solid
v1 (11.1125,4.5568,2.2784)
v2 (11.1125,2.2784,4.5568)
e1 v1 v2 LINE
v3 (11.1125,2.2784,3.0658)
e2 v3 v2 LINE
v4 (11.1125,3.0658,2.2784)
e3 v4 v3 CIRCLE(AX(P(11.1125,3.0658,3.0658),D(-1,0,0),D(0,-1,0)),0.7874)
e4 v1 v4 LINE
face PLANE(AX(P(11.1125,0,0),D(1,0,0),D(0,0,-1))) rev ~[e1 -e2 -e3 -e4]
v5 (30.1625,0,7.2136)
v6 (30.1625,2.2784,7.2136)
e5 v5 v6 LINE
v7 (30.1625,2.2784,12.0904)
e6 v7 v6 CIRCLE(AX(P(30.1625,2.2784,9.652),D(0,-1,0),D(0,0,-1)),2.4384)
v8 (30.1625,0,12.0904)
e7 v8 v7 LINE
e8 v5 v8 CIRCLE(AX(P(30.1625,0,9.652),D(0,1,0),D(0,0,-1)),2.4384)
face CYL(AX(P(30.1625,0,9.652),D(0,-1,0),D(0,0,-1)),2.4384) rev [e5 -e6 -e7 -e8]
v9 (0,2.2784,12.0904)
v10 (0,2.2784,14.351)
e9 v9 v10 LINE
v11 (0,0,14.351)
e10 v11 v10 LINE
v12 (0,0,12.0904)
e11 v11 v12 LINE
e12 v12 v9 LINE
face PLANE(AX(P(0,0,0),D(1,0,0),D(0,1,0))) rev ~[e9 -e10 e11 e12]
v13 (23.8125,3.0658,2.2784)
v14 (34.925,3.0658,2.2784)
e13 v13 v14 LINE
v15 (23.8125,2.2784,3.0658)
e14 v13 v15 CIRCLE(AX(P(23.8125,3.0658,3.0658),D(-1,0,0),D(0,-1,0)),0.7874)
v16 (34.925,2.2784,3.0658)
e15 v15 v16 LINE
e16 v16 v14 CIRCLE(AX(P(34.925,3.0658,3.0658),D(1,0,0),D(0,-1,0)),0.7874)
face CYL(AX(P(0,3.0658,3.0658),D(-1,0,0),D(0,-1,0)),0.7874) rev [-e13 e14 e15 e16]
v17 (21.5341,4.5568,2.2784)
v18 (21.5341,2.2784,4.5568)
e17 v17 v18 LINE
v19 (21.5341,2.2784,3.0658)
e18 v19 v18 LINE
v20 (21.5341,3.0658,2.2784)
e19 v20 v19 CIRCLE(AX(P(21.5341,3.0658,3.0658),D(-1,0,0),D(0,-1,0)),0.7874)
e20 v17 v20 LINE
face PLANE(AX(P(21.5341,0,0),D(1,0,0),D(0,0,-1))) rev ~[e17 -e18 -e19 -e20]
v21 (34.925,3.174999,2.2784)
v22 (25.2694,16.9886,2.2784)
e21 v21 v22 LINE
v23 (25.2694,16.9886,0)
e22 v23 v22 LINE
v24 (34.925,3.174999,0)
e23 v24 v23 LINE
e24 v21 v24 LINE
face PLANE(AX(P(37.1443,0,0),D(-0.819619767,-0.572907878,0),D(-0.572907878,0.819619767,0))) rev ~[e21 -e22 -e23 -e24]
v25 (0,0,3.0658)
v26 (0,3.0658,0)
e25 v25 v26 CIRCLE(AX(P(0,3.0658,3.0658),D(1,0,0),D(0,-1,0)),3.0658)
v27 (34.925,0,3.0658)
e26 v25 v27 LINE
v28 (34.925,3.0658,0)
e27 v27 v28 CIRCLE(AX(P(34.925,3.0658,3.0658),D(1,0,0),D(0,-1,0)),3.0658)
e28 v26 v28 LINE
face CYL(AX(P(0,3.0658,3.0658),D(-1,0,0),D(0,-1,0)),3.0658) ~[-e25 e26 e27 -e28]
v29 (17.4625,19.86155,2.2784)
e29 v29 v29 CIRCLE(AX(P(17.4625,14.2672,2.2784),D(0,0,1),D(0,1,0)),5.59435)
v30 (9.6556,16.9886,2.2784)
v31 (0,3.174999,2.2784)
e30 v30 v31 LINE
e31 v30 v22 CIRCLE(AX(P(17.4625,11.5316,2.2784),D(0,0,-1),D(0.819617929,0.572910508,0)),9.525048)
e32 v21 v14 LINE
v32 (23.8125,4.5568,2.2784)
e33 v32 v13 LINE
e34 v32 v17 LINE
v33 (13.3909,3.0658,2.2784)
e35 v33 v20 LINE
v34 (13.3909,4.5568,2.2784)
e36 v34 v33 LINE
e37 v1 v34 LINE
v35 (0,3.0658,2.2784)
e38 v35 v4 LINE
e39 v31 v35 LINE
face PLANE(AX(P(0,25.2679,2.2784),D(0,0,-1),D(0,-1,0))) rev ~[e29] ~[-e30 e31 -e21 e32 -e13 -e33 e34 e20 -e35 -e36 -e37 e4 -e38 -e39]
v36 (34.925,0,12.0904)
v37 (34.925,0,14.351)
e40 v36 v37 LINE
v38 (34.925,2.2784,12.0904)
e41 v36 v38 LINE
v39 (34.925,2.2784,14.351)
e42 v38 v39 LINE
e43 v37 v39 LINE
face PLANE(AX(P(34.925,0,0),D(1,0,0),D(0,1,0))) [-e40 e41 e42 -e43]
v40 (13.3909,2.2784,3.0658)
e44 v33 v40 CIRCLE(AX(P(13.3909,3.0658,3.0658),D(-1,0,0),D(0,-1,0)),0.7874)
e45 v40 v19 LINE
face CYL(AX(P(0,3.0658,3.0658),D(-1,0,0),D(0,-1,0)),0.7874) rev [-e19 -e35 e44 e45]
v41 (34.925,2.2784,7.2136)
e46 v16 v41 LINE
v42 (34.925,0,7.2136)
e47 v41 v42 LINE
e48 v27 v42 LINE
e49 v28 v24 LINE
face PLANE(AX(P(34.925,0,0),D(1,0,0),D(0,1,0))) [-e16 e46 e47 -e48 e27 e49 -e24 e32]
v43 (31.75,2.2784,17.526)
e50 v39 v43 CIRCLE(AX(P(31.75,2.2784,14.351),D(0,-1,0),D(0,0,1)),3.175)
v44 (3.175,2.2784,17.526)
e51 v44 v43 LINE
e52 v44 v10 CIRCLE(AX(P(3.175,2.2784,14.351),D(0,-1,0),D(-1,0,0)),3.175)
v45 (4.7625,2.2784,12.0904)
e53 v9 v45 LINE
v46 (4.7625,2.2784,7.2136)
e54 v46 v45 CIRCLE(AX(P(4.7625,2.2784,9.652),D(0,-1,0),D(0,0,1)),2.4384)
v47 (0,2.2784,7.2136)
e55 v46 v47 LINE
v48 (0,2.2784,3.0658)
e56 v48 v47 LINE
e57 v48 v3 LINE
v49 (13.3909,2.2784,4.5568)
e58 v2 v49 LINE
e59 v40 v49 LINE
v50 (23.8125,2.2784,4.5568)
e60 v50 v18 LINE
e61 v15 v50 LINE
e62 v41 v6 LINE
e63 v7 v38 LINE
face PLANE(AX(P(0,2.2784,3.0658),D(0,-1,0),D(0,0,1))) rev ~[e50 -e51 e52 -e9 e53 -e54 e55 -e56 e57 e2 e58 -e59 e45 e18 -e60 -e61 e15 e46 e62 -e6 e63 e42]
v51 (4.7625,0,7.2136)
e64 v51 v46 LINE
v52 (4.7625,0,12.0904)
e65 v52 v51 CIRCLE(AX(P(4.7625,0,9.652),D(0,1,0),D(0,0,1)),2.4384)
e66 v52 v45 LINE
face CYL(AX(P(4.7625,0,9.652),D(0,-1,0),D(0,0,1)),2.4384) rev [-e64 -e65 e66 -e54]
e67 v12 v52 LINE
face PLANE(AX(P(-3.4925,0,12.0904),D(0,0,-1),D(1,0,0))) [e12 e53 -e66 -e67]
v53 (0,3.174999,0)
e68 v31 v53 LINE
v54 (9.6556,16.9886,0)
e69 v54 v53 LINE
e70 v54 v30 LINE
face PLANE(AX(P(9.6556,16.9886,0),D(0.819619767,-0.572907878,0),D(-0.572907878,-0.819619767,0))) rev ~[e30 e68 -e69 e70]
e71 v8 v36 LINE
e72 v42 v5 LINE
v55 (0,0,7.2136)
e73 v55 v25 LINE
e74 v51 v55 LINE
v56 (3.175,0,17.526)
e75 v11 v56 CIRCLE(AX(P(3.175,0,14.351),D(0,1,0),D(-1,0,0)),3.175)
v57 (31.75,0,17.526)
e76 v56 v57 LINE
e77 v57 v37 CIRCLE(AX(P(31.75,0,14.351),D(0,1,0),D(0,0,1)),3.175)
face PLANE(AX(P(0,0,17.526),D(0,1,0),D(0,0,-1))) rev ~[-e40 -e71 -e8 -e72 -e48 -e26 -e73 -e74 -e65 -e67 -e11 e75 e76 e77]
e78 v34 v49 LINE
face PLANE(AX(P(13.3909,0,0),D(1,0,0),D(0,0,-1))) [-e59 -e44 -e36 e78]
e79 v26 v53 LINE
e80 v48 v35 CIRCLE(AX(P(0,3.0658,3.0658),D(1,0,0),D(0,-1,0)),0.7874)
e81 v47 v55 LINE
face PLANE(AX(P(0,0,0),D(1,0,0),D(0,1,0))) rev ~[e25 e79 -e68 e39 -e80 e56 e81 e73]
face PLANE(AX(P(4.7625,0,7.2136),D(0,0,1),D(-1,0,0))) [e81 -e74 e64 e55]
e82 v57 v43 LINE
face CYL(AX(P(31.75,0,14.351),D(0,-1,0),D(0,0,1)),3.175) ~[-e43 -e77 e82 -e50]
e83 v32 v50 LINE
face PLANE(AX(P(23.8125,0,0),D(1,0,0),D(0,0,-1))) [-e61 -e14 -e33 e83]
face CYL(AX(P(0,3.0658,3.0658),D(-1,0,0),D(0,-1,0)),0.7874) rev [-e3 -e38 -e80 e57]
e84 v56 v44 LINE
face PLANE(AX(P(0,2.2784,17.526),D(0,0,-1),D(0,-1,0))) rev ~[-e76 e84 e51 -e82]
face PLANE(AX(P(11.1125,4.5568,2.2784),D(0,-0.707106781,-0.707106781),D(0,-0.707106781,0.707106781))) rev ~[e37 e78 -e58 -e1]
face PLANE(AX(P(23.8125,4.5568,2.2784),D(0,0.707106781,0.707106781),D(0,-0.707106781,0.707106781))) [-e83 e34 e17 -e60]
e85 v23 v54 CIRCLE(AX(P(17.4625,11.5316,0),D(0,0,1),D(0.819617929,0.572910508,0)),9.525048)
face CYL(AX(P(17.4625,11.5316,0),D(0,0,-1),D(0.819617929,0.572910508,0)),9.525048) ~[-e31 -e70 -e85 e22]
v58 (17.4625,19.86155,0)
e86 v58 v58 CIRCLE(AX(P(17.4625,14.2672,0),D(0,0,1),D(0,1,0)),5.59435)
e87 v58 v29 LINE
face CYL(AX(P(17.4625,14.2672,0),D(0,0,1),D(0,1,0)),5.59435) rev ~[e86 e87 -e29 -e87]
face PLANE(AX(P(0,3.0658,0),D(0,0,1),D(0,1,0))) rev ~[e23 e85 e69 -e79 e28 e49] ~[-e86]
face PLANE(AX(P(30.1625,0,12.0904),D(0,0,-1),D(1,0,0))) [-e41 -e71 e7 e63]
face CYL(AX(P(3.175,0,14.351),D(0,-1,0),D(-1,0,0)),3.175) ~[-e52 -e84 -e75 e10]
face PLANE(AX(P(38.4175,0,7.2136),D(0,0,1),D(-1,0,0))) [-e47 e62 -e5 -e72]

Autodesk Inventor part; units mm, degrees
sketch "Sketch_1" plane through (0, 0, 0) normal (1, 0, 0) x (0, 1, 0)
  line L0 (0, 17.526) -> (0, 3.0658)
  arc A0 (0, 3.0658) -> (3.0658, 0) centre (3.0658, 3.0658) ccw
  line L1 (3.0658, 0) -> (25.2679, 0)
  line L2 (25.2679, 0) -> (25.2679, 2.2784)
  line L3 (25.2679, 2.2784) -> (3.0658, 2.2784)
  arc A1 (2.2784, 3.0658) -> (3.0658, 2.2784) centre (3.0658, 3.0658) ccw
  line L4 (2.2784, 3.0658) -> (2.2784, 17.526)
  line L5 (2.2784, 17.526) -> (0, 17.526)
extrude "Extrusion1" add sketch "Sketch_1" along normal blind 34.925
sketch "Sketch_2" plane through (0, 0, 0) normal (0, 0, 1) x (1, 0, 0)
  line L0 (-6.985, -2.1057) -> (41.91, -2.1057)
  line L1 (41.91, -2.1057) -> (41.91, 33.6906)
  line L2 (41.91, 33.6906) -> (-6.985, 33.6906)
  line L3 (-6.985, 33.6906) -> (-6.985, -2.1057)
  line L4 (-2.2193, 0) -> (37.1443, 0)
  line L5 (37.1443, 0) -> (25.2694, 16.9886)
  arc A0 (25.2694, 16.9886) -> (9.6556, 16.9886) centre (17.4625, 11.5316) ccw
  line L6 (9.6556, 16.9886) -> (-2.2193, 0)
extrude "Extrusion2" cut sketch "Sketch_2" along normal blind 3.4176
sketch "Sketch3" plane through (34.925, 3.0658, 0) normal (0, 0, -1) x (-1, 0, 0)
  point P0 (17.4625, 11.2014)
hole "Drilling 1" at (17.4625, 14.2672, 0) direction (0, 0, 1) diameter 11.1887 depth 3.4176
sketch "Sketch_6" plane through (0, 0, 0) normal (0, 1, 0) x (-1, 0, 0)
  line L0 (17.4625, 14.351) -> (17.4625, 22.352)
  line L1 (17.4625, 22.352) -> (-3.175, 22.352)
  line L2 (-3.175, 22.352) -> (-3.175, 17.526)
  arc A0 (0, 14.351) -> (-3.175, 17.526) centre (-3.175, 14.351) ccw
  line L3 (0, 14.351) -> (17.4625, 14.351)
extrude "Extrusion3" cut sketch "Sketch_6" along normal blind 3.4176
sketch "Sketch_7" plane through (0, 0, 0) normal (0, 1, 0) x (-1, 0, 0)
  line L0 (-31.75, 22.352) -> (-52.3875, 22.352)
  line L1 (-52.3875, 22.352) -> (-52.3875, 14.351)
  line L2 (-52.3875, 14.351) -> (-34.925, 14.351)
  arc A0 (-31.75, 17.526) -> (-34.925, 14.351) centre (-31.75, 14.351) ccw
  line L3 (-31.75, 17.526) -> (-31.75, 22.352)
extrude "Extrusion4" cut sketch "Sketch_7" along normal blind 3.4176
sketch "Sketch_8" plane through (0, 0, 0) normal (0, 1, 0) x (-1, 0, 0)
  line L0 (3.4925, 12.0904) -> (-4.7625, 12.0904)
  arc A0 (-4.7625, 12.0904) -> (-4.7625, 7.2136) centre (-4.7625, 9.652) ccw
  line L1 (-4.7625, 7.2136) -> (3.4925, 7.2136)
  line L2 (3.4925, 7.2136) -> (3.4925, 12.0904)
extrude "Extrusion5" cut sketch "Sketch_8" along normal blind 3.4176
sketch "Sketch_9" plane through (0, 0, 0) normal (0, 1, 0) x (-1, 0, 0)
  arc A0 (-30.1625, 7.2136) -> (-30.1625, 12.0904) centre (-30.1625, 9.652) ccw
  line L0 (-30.1625, 12.0904) -> (-38.4175, 12.0904)
  line L1 (-38.4175, 12.0904) -> (-38.4175, 7.2136)
  line L2 (-38.4175, 7.2136) -> (-30.1625, 7.2136)
extrude "Extrusion6" cut sketch "Sketch_9" along normal blind 3.4176
sketch "Sketch_10" plane through (11.1125, 0, 0) normal (1, 0, 0) x (0, 0, -1)
  arc A0 (-4.5568, 1.8456) -> (-1.8456, 4.5568) centre (-3.0658, 3.0658) ccw
  line L0 (-1.8456, 4.5568) -> (-2.2784, 4.5568)
  line L1 (-2.2784, 4.5568) -> (-4.5568, 2.2784)
  line L2 (-4.5568, 2.2784) -> (-4.5568, 1.8456)
extrude "Extrusion7" add sketch "Sketch_10" along normal blind 2.2784
sketch "Sketch_14" plane through (23.8125, 0, 0) normal (1, 0, 0) x (0, 0, -1)
  arc A0 (-4.5568, 1.8456) -> (-1.8456, 4.5568) centre (-3.0658, 3.0658) ccw
  line L0 (-1.8456, 4.5568) -> (-2.2784, 4.5568)
  line L1 (-2.2784, 4.5568) -> (-4.5568, 2.2784)
  line L2 (-4.5568, 2.2784) -> (-4.5568, 1.8456)
extrude "Extrusion8" add sketch "Sketch_14" against normal blind 2.2784
ref_plane "h1_XY" through (17.4625, 0, 17.526) normal (1, 0, 0) x (0, 0, -1)
ref_plane "h1_YZ" through (17.4625, 0, 17.526) normal (0, 0, -1) x (0, 1, 0)
ref_plane "h1_ZX" through (17.4625, 0, 17.526) normal (0, 1, 0) x (1, 0, 0)
ref_plane "d1_XY" through (17.4625, 8.6728, 0) normal (1, 0, 0) x (0, 0, -1)
ref_plane "d1_YZ" through (17.4625, 8.6728, 0) normal (0, 0, -1) x (0, 1, 0)
ref_plane "d1_ZX" through (17.4625, 8.6728, 0) normal (0, 1, 0) x (1, 0, 0)
ref_plane "h2_XY" through (17.4625, 2.2784, 17.526) normal (1, 0, 0) x (0, 0, -1)
ref_plane "h2_YZ" through (17.4625, 2.2784, 17.526) normal (0, 0, -1) x (0, 1, 0)
ref_plane "h2_ZX" through (17.4625, 2.2784, 17.526) normal (0, 1, 0) x (1, 0, 0)
ref_plane "d2_XY" through (17.4625, 19.8615, 0) normal (1, 0, 0) x (0, 0, -1)
ref_plane "d2_YZ" through (17.4625, 19.8615, 0) normal (0, 0, -1) x (0, 1, 0)
ref_plane "d2_ZX" through (17.4625, 19.8615, 0) normal (0, 1, 0) x (1, 0, 0)
ref_plane "h3_XY" through (17.4625, 14.2672, 2.2784) normal (1, 0, 0) x (0, 0, -1)
ref_plane "h3_YZ" through (17.4625, 14.2672, 2.2784) normal (0, 0, -1) x (0, 1, 0)
ref_plane "h3_ZX" through (17.4625, 14.2672, 2.2784) normal (0, 1, 0) x (1, 0, 0)
ref_plane "h4_XY" through (17.4625, 21.0566, 2.2784) normal (1, 0, 0) x (0, 0, -1)
ref_plane "h4_YZ" through (17.4625, 21.0566, 2.2784) normal (0, 0, -1) x (0, 1, 0)
ref_plane "h4_ZX" through (17.4625, 21.0566, 2.2784) normal (0, 1, 0) x (1, 0, 0)
ref_plane "h5_XY" through (34.925, 3.175, 0) normal (1, 0, 0) x (0, 0, -1)
ref_plane "h5_YZ" through (34.925, 3.175, 0) normal (0, 0, -1) x (0, 1, 0)
ref_plane "h5_ZX" through (34.925, 3.175, 0) normal (0, 1, 0) x (1, 0, 0)
ref_plane "h6_XY" through (34.925, 0, 0) normal (1, 0, 0) x (0, 0, -1)
ref_plane "h6_YZ" through (34.925, 0, 0) normal (0, 0, -1) x (0, 1, 0)
ref_plane "h6_ZX" through (34.925, 0, 0) normal (0, 1, 0) x (1, 0, 0)
ref_plane "l1_XY" through (0, 0, 0) normal (0, 1, 0) x (1, 0, 0)
ref_plane "l1_YZ" through (0, 0, 0) normal (1, 0, 0) x (0, 0, -1)
ref_plane "l1_ZX" through (0, 0, 0) normal (0, 0, -1) x (0, 1, 0)
ref_plane "l2_XY" through (34.925, 0, 0) normal (0, 1, 0) x (1, 0, 0)
ref_plane "l2_YZ" through (34.925, 0, 0) normal (1, 0, 0) x (0, 0, -1)
ref_plane "l2_ZX" through (34.925, 0, 0) normal (0, 0, -1) x (0, 1, 0)
ref_plane "l3_XY" through (0, 0, 17.526) normal (0, 1, 0) x (1, 0, 0)
ref_plane "l3_YZ" through (0, 0, 17.526) normal (1, 0, 0) x (0, 0, -1)
ref_plane "l3_ZX" through (0, 0, 17.526) normal (0, 0, -1) x (0, 1, 0)
ref_plane "l4_XY" through (0, 0, 9.652) normal (0, 1, 0) x (1, 0, 0)
ref_plane "l4_YZ" through (0, 0, 9.652) normal (1, 0, 0) x (0, 0, -1)
ref_plane "l4_ZX" through (0, 0, 9.652) normal (0, 0, -1) x (0, 1, 0)
ref_plane "l5_XY" through (4.7625, 0, 9.652) normal (0, 1, 0) x (1, 0, 0)
ref_plane "l5_YZ" through (4.7625, 0, 9.652) normal (1, 0, 0) x (0, 0, -1)
ref_plane "l5_ZX" through (4.7625, 0, 9.652) normal (0, 0, -1) x (0, 1, 0)
ref_plane "l6_XY" through (30.1625, 0, 9.652) normal (0, 1, 0) x (1, 0, 0)
ref_plane "l6_YZ" through (30.1625, 0, 9.652) normal (1, 0, 0) x (0, 0, -1)
ref_plane "l6_ZX" through (30.1625, 0, 9.652) normal (0, 0, -1) x (0, 1, 0)
ref_plane "l7_XY" through (30.1625, 0, 12.0904) normal (0, 1, 0) x (1, 0, 0)
ref_plane "l7_YZ" through (30.1625, 0, 12.0904) normal (1, 0, 0) x (0, 0, -1)
ref_plane "l7_ZX" through (30.1625, 0, 12.0904) normal (0, 0, -1) x (0, 1, 0)
ref_plane "l8_XY" through (30.1625, 0, 7.2136) normal (0, 1, 0) x (1, 0, 0)
ref_plane "l8_YZ" through (30.1625, 0, 7.2136) normal (1, 0, 0) x (0, 0, -1)
ref_plane "l8_ZX" through (30.1625, 0, 7.2136) normal (0, 0, -1) x (0, 1, 0)
ref_plane "mounting_bracket_XY" through (17.4625, 14.2672, 2.2784) normal (0, 0, 1) x (1, 0, 0)
ref_plane "mounting_bracket_YZ" through (17.4625, 14.2672, 2.2784) normal (1, 0, 0) x (0, 1, 0)
ref_plane "mounting_bracket_ZX" through (17.4625, 14.2672, 2.2784) normal (0, 1, 0) x (0, 0, 1)
ref_plane "mounting_bracket_1_XY" through (17.4625, 14.2672, 0) normal (0, 0, 1) x (1, 0, 0)
ref_plane "mounting_bracket_1_YZ" through (17.4625, 14.2672, 0) normal (1, 0, 0) x (0, 1, 0)
ref_plane "mounting_bracket_1_ZX" through (17.4625, 14.2672, 0) normal (0, 1, 0) x (0, 0, 1)
properties part number "D-770"
